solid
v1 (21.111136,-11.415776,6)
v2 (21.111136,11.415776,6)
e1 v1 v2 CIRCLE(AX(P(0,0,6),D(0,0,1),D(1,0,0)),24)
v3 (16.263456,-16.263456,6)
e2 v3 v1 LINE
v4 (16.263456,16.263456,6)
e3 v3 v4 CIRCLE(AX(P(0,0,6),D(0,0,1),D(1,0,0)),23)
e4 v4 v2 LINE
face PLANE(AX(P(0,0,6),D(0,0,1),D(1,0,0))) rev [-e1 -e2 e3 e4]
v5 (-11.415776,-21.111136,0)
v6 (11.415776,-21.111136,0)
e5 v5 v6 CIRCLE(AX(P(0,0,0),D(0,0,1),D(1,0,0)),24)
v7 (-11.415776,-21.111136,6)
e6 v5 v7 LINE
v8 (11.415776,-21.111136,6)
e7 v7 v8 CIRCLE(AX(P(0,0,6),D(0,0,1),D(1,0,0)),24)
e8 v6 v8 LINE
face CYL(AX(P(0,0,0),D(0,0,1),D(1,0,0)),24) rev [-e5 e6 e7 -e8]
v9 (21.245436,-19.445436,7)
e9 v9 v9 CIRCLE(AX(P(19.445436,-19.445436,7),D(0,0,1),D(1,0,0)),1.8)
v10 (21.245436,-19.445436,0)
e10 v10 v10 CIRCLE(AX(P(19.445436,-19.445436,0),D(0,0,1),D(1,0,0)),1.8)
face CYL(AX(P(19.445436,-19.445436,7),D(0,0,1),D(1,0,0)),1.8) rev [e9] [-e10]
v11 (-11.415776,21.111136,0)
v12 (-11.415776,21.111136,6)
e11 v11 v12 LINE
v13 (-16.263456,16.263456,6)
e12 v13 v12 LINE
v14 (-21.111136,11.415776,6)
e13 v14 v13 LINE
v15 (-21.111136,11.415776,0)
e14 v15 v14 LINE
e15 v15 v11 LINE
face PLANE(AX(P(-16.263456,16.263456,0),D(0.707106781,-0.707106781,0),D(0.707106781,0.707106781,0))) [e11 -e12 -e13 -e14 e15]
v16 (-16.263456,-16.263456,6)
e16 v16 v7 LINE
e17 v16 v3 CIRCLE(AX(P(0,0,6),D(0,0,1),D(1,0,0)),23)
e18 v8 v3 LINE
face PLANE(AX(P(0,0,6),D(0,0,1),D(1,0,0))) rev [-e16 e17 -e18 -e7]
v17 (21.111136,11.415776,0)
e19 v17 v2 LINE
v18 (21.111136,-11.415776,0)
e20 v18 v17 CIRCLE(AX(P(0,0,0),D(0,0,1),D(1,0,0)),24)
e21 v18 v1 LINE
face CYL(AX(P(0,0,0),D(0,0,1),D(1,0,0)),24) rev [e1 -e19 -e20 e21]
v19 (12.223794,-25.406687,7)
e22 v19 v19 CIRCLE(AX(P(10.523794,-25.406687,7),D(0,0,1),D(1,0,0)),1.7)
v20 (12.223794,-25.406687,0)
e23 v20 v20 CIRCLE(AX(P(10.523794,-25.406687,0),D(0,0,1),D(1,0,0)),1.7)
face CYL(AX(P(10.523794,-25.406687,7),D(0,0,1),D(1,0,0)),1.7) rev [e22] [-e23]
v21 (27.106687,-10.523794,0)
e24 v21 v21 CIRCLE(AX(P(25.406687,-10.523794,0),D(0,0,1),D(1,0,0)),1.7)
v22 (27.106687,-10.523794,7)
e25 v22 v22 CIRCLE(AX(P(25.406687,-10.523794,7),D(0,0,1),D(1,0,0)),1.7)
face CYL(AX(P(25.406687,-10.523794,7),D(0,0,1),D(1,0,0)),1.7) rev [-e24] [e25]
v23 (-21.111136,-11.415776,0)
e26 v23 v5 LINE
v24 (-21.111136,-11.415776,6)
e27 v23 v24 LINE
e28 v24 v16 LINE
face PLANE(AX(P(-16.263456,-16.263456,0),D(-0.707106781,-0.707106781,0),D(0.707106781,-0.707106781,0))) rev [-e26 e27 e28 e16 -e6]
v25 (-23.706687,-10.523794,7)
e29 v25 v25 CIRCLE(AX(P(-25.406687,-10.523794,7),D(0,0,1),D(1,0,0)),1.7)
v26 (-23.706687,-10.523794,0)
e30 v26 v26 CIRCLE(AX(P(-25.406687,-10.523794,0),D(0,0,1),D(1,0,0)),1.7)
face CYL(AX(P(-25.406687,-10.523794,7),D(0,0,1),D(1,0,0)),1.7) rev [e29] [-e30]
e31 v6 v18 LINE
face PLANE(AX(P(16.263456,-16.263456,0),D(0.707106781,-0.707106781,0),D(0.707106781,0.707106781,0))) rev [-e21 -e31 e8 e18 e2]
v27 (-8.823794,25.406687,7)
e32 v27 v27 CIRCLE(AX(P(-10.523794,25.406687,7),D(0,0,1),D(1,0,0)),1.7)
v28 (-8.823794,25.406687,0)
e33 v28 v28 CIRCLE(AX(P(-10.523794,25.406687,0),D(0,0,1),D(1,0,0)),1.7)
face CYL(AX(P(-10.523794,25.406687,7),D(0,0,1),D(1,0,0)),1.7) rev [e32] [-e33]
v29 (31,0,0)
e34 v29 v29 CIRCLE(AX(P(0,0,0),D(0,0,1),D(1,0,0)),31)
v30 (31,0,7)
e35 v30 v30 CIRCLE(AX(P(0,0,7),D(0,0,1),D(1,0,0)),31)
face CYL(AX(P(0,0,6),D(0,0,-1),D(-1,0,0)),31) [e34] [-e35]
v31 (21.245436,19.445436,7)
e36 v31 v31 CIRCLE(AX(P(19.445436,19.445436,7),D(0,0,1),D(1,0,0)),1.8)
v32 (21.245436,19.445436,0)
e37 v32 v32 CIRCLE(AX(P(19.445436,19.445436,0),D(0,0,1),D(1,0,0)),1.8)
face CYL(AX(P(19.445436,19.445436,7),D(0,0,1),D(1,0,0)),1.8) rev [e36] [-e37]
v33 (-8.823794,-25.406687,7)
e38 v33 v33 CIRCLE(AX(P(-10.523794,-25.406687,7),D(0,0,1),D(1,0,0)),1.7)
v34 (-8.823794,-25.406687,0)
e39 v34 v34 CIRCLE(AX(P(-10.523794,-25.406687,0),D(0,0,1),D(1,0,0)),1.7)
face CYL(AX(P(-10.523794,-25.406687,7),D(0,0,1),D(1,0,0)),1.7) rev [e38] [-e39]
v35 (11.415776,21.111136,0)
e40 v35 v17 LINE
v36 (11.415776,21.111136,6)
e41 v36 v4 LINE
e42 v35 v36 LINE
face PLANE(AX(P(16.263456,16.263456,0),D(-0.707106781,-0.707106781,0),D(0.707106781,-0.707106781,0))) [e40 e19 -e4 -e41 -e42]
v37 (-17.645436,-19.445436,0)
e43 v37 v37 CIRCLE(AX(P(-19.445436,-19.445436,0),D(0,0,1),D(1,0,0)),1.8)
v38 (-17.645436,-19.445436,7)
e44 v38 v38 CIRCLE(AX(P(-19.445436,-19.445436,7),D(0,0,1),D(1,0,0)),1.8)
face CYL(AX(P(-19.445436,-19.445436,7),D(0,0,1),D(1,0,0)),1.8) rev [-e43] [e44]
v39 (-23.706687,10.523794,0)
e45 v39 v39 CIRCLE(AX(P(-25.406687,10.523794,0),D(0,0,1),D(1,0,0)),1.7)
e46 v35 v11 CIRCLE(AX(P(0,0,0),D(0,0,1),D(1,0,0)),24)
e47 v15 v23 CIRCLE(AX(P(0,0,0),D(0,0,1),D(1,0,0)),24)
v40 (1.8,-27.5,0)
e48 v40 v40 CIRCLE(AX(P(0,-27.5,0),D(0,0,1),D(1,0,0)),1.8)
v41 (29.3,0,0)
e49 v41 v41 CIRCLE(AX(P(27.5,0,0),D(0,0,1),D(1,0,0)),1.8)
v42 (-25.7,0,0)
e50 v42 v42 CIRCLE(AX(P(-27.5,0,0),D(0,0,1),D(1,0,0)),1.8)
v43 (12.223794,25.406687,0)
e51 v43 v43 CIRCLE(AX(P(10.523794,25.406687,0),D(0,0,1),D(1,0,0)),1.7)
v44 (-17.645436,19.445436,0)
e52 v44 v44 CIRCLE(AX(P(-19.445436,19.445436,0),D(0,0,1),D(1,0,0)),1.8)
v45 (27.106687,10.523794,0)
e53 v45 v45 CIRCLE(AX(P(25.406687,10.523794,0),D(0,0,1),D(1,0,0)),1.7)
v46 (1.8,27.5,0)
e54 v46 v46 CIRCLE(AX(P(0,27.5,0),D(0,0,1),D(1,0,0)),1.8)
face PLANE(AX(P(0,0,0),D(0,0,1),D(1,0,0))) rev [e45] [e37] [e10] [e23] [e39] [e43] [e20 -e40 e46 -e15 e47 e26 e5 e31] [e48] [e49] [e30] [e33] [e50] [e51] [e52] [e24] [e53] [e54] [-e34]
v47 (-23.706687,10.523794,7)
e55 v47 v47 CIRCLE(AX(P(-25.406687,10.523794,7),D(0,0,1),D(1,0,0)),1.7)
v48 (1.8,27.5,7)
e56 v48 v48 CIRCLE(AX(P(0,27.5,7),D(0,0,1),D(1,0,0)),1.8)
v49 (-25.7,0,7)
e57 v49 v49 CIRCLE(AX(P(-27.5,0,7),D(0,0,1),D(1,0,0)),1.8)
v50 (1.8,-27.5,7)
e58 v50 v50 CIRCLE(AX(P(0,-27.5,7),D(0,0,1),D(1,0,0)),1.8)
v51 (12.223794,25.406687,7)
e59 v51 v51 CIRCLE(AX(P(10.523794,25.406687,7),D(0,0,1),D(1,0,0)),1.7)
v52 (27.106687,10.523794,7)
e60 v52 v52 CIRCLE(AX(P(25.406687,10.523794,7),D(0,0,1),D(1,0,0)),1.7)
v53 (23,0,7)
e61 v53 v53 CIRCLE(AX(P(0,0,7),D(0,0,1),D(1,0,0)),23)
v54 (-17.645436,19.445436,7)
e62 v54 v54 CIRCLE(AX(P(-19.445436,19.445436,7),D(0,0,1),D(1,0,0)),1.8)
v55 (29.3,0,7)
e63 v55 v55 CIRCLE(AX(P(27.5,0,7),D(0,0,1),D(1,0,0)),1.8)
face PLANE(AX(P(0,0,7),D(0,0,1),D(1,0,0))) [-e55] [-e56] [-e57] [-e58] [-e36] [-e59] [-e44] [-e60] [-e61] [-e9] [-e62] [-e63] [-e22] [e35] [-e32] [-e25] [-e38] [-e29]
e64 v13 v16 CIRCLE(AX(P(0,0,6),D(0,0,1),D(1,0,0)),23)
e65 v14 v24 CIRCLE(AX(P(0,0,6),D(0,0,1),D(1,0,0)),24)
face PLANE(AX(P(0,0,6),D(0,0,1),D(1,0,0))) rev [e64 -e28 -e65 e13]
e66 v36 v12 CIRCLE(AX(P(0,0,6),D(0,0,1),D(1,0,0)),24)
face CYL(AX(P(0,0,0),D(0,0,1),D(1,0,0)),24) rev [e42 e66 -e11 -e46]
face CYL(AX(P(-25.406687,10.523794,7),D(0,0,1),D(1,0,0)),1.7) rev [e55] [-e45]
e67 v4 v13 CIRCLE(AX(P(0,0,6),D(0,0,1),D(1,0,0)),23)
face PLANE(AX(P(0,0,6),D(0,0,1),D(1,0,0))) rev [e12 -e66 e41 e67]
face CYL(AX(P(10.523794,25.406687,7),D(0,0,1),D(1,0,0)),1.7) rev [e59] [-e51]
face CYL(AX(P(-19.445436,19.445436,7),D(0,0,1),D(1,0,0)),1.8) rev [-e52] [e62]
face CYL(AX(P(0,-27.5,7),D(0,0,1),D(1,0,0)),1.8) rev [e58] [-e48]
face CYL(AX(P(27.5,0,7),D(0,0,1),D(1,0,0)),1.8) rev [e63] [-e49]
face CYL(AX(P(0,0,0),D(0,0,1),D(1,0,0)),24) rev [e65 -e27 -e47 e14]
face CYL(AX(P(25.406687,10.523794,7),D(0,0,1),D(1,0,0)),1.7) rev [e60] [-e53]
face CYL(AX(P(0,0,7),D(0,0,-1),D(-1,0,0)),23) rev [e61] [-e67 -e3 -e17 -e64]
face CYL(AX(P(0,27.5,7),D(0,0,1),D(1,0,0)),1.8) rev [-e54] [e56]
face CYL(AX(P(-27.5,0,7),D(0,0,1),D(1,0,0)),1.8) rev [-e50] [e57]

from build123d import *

# Parameters (mm, degrees)
SKETCH_1_R               = 31
EXTRUDE_1_DEPTH          = 6
SKETCH_2_R               = 24
CUT_EXTRUDE_1_DEPTH      = 45.24929378
EXTRUDE_2_DEPTH          = 6
SKETCH_5_R               = 31
SKETCH_5_R_2             = 23
EXTRUDE_3_DEPTH          = 1
HOLE_WIZARD_M3_1_D       = 3.6
PATTERN_CIRCULAR_1_COUNT = 8
HOLE_WIZARD_M3_2_D       = 3.4
PATTERN_CIRCULAR_4_COUNT = 8


with BuildPart() as part:
    # ｽｹｯﾁ1 → ﾎﾞｽ - 押し出し1 (new body)
    with BuildSketch(Plane.XY):
        Circle(SKETCH_1_R)
    extrude(amount=EXTRUDE_1_DEPTH)

    # ｽｹｯﾁ2 → ｶｯﾄ - 押し出し1 (cut, through all)
    with BuildSketch(Plane.XY.offset(6)):
        Circle(SKETCH_2_R)
    extrude(amount=-CUT_EXTRUDE_1_DEPTH, mode=Mode.SUBTRACT)

    # ｽｹｯﾁ3 → ﾎﾞｽ - 押し出し2 (add, through all)
    with BuildSketch(Plane.XY.offset(6)):
        with BuildLine():
            ThreePointArc((-11.41577611, 21.111135825), (-16.970562748, 16.970562748), (-21.111135825, 11.41577611))
            Line((-21.111135825, 11.41577611), (-11.41577611, 21.111135825))
        make_face()
        with BuildLine():
            Line((-11.41577611, -21.111135825), (-21.111135825, -11.41577611))
            ThreePointArc((-21.111135825, -11.41577611), (-16.970562748, -16.970562748), (-11.41577611, -21.111135825))
        make_face()
        with BuildLine():
            ThreePointArc((21.111135825, 11.41577611), (16.970562748, 16.970562748), (11.41577611, 21.111135825))
            Line((11.41577611, 21.111135825), (21.111135825, 11.41577611))
        make_face()
        with BuildLine():
            Line((21.111135825, -11.41577611), (11.41577611, -21.111135825))
            ThreePointArc((11.41577611, -21.111135825), (16.970562748, -16.970562748), (21.111135825, -11.41577611))
        make_face()
    extrude(amount=-EXTRUDE_2_DEPTH)

    # ｽｹｯﾁ5 → ﾎﾞｽ - 押し出し3 (add)
    with BuildSketch(Plane.XY.offset(6)):
        Circle(SKETCH_5_R)
        with Locations(Location((0, 0, 0), (0, 0, 225))):
            Circle(SKETCH_5_R_2, mode=Mode.SUBTRACT)
    extrude(amount=EXTRUDE_3_DEPTH)

    # M3 すきま穴1 (through all)
    with Locations(Plane.XY.offset(7)):
        with Locations((0, 27.5)):
            hole_wizard_m3_1 = Hole(HOLE_WIZARD_M3_1_D / 2)

    # 円形ﾊﾟﾀｰﾝ1: M3 すきま穴1 ×8 about axis
    pattern_circular_1_axis = Axis((0, 0, 0), (0, 0, 1))
    for i in range(1, PATTERN_CIRCULAR_1_COUNT):
        add(hole_wizard_m3_1.rotate(pattern_circular_1_axis, i * 360 / PATTERN_CIRCULAR_1_COUNT), mode=Mode.SUBTRACT)

    # M3 すきま穴2 (through all)
    with Locations(Plane.XY.offset(7)):
        with Locations((10.52379439, 25.406687144)):
            hole_wizard_m3_2 = Hole(HOLE_WIZARD_M3_2_D / 2)

    # 円形ﾊﾟﾀｰﾝ4: M3 すきま穴2 ×8 about axis
    pattern_circular_4_axis = Axis((0, 0, 0), (0, 0, 1))
    for i in range(1, PATTERN_CIRCULAR_4_COUNT):
        add(hole_wizard_m3_2.rotate(pattern_circular_4_axis, i * 360 / PATTERN_CIRCULAR_4_COUNT), mode=Mode.SUBTRACT)


solid = part.part
